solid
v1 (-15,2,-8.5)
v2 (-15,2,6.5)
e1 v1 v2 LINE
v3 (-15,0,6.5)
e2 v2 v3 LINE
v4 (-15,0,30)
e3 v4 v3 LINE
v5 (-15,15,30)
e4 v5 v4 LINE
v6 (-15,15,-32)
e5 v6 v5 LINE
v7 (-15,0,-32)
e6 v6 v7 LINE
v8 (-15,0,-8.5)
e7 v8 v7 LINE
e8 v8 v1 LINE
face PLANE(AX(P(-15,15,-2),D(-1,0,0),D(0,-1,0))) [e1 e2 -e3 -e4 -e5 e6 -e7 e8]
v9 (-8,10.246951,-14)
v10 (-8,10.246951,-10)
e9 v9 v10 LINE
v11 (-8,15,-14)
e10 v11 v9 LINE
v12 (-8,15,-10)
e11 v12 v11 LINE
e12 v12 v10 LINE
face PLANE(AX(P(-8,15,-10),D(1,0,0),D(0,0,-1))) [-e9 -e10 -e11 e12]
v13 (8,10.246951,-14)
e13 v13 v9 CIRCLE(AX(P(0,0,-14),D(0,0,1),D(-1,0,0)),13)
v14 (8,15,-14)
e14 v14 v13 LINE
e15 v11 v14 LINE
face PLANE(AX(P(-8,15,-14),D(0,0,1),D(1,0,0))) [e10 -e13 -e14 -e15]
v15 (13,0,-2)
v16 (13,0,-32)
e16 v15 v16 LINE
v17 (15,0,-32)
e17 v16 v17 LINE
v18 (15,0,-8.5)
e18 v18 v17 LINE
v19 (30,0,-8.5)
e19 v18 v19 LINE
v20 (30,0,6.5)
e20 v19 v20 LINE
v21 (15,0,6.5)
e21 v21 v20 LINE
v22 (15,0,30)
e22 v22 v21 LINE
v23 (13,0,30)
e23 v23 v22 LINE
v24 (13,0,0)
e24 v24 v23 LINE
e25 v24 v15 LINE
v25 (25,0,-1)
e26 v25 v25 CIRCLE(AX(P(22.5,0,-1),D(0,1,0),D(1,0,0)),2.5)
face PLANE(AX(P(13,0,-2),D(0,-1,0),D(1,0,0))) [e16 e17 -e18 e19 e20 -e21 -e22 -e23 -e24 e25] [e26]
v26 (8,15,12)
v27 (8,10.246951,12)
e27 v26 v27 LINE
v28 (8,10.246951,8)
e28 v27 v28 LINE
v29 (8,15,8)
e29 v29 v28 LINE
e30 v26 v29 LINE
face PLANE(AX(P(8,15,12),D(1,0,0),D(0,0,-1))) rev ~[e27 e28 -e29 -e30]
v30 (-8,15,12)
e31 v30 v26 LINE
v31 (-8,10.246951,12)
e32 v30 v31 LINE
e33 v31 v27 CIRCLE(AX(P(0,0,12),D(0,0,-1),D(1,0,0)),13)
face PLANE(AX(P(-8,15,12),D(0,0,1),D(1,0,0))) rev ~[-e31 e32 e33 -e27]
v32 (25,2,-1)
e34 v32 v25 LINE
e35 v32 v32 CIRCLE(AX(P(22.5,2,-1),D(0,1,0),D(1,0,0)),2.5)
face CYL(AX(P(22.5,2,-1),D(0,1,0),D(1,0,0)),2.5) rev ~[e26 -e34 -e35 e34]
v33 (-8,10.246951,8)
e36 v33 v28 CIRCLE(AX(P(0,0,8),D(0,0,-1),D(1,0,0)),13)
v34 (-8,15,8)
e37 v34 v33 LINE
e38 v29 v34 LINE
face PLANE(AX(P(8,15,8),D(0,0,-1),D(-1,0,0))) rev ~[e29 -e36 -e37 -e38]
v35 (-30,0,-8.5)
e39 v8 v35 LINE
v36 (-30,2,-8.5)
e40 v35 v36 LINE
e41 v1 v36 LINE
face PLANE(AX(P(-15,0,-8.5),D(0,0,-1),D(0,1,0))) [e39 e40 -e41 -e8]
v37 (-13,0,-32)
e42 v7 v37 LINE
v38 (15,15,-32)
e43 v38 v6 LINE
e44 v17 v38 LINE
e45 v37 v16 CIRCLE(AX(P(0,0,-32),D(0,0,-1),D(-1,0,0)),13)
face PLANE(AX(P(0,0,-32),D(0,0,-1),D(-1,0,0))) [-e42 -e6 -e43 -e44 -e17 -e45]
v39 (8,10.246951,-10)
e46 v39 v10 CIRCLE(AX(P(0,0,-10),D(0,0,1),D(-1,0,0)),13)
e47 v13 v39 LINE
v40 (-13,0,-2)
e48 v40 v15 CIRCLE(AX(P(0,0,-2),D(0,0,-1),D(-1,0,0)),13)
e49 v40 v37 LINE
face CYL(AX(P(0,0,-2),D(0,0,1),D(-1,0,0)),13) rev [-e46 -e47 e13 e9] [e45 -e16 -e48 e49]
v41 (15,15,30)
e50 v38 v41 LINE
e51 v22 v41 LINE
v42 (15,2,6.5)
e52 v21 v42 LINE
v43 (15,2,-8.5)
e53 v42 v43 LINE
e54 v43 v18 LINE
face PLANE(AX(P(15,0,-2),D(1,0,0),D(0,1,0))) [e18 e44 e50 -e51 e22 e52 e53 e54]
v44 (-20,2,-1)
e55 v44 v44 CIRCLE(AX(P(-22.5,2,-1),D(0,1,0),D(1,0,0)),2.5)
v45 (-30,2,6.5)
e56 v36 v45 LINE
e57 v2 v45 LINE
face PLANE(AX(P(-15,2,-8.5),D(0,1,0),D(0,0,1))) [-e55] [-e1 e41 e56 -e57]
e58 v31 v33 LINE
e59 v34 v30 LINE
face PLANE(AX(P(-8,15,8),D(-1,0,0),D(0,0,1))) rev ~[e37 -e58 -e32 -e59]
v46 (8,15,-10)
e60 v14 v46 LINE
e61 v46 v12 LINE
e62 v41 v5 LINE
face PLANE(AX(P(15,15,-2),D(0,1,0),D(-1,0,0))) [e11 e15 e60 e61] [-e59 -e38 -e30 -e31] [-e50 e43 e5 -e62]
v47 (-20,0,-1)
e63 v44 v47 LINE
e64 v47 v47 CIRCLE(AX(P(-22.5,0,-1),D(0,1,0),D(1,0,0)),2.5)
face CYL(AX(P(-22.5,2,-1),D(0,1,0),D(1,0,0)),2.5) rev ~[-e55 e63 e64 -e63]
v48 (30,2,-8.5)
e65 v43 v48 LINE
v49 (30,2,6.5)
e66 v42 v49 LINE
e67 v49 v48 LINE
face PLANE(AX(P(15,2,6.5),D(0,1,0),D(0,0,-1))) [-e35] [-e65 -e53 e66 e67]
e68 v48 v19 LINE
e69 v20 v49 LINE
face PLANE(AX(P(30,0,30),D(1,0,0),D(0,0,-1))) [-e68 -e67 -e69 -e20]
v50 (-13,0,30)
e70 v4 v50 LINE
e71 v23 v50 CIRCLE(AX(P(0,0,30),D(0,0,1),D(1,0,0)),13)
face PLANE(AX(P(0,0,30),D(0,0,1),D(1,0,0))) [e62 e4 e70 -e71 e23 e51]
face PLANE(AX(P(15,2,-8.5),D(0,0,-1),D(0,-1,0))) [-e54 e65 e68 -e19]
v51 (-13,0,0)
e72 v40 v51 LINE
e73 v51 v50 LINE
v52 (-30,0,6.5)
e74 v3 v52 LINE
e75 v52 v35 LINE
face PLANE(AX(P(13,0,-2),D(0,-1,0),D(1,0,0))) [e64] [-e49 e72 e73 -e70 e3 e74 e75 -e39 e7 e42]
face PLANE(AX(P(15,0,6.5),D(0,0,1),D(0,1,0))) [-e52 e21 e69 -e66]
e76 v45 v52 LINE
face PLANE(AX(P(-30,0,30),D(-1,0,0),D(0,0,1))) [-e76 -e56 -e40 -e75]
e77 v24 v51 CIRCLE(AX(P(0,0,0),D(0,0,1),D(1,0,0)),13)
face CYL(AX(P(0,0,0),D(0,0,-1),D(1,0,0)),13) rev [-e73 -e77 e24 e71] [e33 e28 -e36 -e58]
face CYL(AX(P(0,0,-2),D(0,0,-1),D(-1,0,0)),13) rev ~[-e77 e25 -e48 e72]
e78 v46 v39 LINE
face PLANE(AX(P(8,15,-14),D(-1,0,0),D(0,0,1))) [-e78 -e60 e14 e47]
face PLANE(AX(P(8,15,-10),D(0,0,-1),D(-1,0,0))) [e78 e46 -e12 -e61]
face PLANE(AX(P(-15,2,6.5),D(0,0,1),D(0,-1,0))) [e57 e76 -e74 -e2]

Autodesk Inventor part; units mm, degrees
ref_plane "YZ Plane" through (0, 0, 0) normal (1, 0, 0) x (0, 1, 0)
ref_plane "XZ Plane" through (0, 0, 0) normal (0, 1, 0) x (-1, 0, 0)
ref_plane "XY Plane" through (0, 0, 0) normal (0, 0, 1) x (1, 0, 0)
sketch "Skizze4" plane through (0, 0, 0) normal (0, 0, 1) x (1, 0, 0)
  line L0 (15, 15) -> (-15, 15)
  line L1 (-15, 15) -> (-15, 0)
  line L2 (-15, -15) -> (15, 15) construction
  line L3 (15, -15) -> (-15, 15) construction
  line L4 (-15, 0) -> (15, 0)
  arc A0 (13, 0) -> (-13, 0) centre (0, 0) ccw
  line L5 (15, 0) -> (15, 15)
  dimension "d9" = 30
  dimension "d10" = 30
extrude "Extrusion4" add sketch "Skizze4" along normal blind 30 contours L5 L4 A0 L1 L0
sketch "Skizze5" plane through (0, 0, 0) normal (0, 0, -1) x (-1, 0, 0)
  line L0 (-15, 0) -> (-15, 15) projected
  line L1 (15, 0) -> (13, 0) projected
  line L2 (-15, 15) -> (15, 15)
  line L3 (15, 15) -> (15, 0)
  line L4 (15, 0) -> (-15, 0)
  line L5 (-15, 0) -> (-15, 15)
  point P0 (0, 0)
extrude "Extrusion5" add sketch "Skizze5" along normal blind 2
sketch "Skizze6" plane through (0, 0, -2) normal (0, 0, -1) x (-1, 0, 0)
  line L0 (-15, 0) -> (-15, 15) projected
  line L1 (15, 0) -> (13, 0) projected
  line L2 (-15, 15) -> (15, 15)
  line L3 (15, 15) -> (15, 0)
  line L4 (15, 0) -> (-15, 0)
  line L5 (-15, 0) -> (-15, 15)
  arc A0 (13, 0) -> (-13, 0) centre (0, 0) ccw
  dimension "d16" = 26
extrude "Extrusion6" add sketch "Skizze6" along normal blind 30 contours L0 L2 L3 L1 A0 L4
sketch "Skizze9" plane through (15, 0, 30) normal (1, 0, 0) x (0, 0, -1)
  line L0 (0, 0) -> (0, 13) projected
  line L1 (62, 13) -> (62, 0) projected
  line L2 (62, 0) -> (0, 0) projected
  line L3 (23.5, 2) -> (38.5, 2)
  line L4 (38.5, 2) -> (38.5, 0)
  line L5 (38.5, 0) -> (23.5, 0)
  line L6 (23.5, 0) -> (23.5, 2)
  line L7 (23.5, 2) -> (38.5, 0) construction
  line L8 (38.5, 2) -> (23.5, 0) construction
  point P0 (30, 0)
  point P1 (31, 1)
  dimension "d36" = 15
extrude "Extrusion8" add sketch "Skizze9" along normal blind 15
sketch "Skizze10" plane through (-15, 0, 30) normal (-1, 0, 0) x (0, 0, 1)
  line L0 (0, 0) -> (0, 15) projected
  line L1 (0, 6.5004) -> (31, 6.5004) construction
  line L2 (0, 0) -> (-62, 0) projected
  line L3 (-31, 0) -> (-31, 1)
  line L4 (-38.5, 2) -> (-23.5, 2)
  line L5 (-23.5, 2) -> (-23.5, 0)
  line L6 (-23.5, 0) -> (-38.5, 0)
  line L7 (-38.5, 0) -> (-38.5, 2)
  line L8 (-38.5, 2) -> (-23.5, 0) construction
  line L9 (-23.5, 2) -> (-38.5, 0) construction
  point P0 (-30, 0)
  dimension "d41" = 1
  dimension "d42" = 15
  dimension "d43" = 2
extrude "Extrusion9" add sketch "Skizze10" along normal blind 15
sketch "Skizze11" plane through (-15, 15, 30) normal (0, 1, 0) x (1, 0, 0)
  line L0 (0, 23.5) -> (-15, 23.5) projected
  line L1 (0, 62) -> (0, 0) projected
  line L2 (30, 62) -> (30, 0) projected
  line L3 (23, 22) -> (7, 22)
  line L4 (7, 22) -> (7, 18)
  line L5 (7, 18) -> (23, 18)
  line L6 (23, 18) -> (23, 22)
  line L7 (23, 22) -> (7, 18) construction
  line L8 (7, 22) -> (23, 18) construction
  line L9 (7, 44) -> (23, 44)
  line L10 (23, 44) -> (23, 40)
  line L11 (23, 40) -> (7, 40)
  line L12 (7, 40) -> (7, 44)
  line L13 (7, 44) -> (23, 40) construction
  line L14 (23, 44) -> (7, 40) construction
  point P0 (15, 30)
  dimension "d55" = 16
  dimension "d56" = 4
  dimension "d58" = 16
  dimension "d59" = 4
extrude "Extrusion10" cut sketch "Skizze11" against normal through all
sketch "Skizze12" plane through (-15, 2, 6.5) normal (0, 1, 0) x (1, 0, 0)
  line L0 (-15, 15) -> (-15, 0) projected
  line L1 (0, 38.5) -> (0, -23.5) projected
  line L2 (-15, 0) -> (6.2132, 0) construction
  circle A0 centre (-7.5, 7.5) radius 2.5
  point P0 (15, 6.5)
  dimension "d63" = 5
extrude "Extrusion11" cut sketch "Skizze12" against normal through all
sketch "Skizze13" plane through (15, 2, 6.5) normal (0, 1, 0) x (1, 0, 0)
  line L0 (0, 0) -> (15, 0) projected
  line L1 (0, 38.5) -> (0, -23.5) projected
  line L2 (15, 0) -> (36.2132, 0) construction
  circle A0 centre (7.5, 7.5) radius 2.5
  point P0 (-15, 6.5)
  dimension "d67" = 5
extrude "Extrusion12" cut sketch "Skizze13" against normal blind 10
sketch "Skizze15" plane through (0, 0, -2) normal (0, 0, -1) x (-1, 0, 0)
  circle A0 centre (0, 0) radius 13
extrude "Extrusion14" cut sketch "Skizze15" against normal blind 2
properties part number "Motorhalterung_Teil2"
